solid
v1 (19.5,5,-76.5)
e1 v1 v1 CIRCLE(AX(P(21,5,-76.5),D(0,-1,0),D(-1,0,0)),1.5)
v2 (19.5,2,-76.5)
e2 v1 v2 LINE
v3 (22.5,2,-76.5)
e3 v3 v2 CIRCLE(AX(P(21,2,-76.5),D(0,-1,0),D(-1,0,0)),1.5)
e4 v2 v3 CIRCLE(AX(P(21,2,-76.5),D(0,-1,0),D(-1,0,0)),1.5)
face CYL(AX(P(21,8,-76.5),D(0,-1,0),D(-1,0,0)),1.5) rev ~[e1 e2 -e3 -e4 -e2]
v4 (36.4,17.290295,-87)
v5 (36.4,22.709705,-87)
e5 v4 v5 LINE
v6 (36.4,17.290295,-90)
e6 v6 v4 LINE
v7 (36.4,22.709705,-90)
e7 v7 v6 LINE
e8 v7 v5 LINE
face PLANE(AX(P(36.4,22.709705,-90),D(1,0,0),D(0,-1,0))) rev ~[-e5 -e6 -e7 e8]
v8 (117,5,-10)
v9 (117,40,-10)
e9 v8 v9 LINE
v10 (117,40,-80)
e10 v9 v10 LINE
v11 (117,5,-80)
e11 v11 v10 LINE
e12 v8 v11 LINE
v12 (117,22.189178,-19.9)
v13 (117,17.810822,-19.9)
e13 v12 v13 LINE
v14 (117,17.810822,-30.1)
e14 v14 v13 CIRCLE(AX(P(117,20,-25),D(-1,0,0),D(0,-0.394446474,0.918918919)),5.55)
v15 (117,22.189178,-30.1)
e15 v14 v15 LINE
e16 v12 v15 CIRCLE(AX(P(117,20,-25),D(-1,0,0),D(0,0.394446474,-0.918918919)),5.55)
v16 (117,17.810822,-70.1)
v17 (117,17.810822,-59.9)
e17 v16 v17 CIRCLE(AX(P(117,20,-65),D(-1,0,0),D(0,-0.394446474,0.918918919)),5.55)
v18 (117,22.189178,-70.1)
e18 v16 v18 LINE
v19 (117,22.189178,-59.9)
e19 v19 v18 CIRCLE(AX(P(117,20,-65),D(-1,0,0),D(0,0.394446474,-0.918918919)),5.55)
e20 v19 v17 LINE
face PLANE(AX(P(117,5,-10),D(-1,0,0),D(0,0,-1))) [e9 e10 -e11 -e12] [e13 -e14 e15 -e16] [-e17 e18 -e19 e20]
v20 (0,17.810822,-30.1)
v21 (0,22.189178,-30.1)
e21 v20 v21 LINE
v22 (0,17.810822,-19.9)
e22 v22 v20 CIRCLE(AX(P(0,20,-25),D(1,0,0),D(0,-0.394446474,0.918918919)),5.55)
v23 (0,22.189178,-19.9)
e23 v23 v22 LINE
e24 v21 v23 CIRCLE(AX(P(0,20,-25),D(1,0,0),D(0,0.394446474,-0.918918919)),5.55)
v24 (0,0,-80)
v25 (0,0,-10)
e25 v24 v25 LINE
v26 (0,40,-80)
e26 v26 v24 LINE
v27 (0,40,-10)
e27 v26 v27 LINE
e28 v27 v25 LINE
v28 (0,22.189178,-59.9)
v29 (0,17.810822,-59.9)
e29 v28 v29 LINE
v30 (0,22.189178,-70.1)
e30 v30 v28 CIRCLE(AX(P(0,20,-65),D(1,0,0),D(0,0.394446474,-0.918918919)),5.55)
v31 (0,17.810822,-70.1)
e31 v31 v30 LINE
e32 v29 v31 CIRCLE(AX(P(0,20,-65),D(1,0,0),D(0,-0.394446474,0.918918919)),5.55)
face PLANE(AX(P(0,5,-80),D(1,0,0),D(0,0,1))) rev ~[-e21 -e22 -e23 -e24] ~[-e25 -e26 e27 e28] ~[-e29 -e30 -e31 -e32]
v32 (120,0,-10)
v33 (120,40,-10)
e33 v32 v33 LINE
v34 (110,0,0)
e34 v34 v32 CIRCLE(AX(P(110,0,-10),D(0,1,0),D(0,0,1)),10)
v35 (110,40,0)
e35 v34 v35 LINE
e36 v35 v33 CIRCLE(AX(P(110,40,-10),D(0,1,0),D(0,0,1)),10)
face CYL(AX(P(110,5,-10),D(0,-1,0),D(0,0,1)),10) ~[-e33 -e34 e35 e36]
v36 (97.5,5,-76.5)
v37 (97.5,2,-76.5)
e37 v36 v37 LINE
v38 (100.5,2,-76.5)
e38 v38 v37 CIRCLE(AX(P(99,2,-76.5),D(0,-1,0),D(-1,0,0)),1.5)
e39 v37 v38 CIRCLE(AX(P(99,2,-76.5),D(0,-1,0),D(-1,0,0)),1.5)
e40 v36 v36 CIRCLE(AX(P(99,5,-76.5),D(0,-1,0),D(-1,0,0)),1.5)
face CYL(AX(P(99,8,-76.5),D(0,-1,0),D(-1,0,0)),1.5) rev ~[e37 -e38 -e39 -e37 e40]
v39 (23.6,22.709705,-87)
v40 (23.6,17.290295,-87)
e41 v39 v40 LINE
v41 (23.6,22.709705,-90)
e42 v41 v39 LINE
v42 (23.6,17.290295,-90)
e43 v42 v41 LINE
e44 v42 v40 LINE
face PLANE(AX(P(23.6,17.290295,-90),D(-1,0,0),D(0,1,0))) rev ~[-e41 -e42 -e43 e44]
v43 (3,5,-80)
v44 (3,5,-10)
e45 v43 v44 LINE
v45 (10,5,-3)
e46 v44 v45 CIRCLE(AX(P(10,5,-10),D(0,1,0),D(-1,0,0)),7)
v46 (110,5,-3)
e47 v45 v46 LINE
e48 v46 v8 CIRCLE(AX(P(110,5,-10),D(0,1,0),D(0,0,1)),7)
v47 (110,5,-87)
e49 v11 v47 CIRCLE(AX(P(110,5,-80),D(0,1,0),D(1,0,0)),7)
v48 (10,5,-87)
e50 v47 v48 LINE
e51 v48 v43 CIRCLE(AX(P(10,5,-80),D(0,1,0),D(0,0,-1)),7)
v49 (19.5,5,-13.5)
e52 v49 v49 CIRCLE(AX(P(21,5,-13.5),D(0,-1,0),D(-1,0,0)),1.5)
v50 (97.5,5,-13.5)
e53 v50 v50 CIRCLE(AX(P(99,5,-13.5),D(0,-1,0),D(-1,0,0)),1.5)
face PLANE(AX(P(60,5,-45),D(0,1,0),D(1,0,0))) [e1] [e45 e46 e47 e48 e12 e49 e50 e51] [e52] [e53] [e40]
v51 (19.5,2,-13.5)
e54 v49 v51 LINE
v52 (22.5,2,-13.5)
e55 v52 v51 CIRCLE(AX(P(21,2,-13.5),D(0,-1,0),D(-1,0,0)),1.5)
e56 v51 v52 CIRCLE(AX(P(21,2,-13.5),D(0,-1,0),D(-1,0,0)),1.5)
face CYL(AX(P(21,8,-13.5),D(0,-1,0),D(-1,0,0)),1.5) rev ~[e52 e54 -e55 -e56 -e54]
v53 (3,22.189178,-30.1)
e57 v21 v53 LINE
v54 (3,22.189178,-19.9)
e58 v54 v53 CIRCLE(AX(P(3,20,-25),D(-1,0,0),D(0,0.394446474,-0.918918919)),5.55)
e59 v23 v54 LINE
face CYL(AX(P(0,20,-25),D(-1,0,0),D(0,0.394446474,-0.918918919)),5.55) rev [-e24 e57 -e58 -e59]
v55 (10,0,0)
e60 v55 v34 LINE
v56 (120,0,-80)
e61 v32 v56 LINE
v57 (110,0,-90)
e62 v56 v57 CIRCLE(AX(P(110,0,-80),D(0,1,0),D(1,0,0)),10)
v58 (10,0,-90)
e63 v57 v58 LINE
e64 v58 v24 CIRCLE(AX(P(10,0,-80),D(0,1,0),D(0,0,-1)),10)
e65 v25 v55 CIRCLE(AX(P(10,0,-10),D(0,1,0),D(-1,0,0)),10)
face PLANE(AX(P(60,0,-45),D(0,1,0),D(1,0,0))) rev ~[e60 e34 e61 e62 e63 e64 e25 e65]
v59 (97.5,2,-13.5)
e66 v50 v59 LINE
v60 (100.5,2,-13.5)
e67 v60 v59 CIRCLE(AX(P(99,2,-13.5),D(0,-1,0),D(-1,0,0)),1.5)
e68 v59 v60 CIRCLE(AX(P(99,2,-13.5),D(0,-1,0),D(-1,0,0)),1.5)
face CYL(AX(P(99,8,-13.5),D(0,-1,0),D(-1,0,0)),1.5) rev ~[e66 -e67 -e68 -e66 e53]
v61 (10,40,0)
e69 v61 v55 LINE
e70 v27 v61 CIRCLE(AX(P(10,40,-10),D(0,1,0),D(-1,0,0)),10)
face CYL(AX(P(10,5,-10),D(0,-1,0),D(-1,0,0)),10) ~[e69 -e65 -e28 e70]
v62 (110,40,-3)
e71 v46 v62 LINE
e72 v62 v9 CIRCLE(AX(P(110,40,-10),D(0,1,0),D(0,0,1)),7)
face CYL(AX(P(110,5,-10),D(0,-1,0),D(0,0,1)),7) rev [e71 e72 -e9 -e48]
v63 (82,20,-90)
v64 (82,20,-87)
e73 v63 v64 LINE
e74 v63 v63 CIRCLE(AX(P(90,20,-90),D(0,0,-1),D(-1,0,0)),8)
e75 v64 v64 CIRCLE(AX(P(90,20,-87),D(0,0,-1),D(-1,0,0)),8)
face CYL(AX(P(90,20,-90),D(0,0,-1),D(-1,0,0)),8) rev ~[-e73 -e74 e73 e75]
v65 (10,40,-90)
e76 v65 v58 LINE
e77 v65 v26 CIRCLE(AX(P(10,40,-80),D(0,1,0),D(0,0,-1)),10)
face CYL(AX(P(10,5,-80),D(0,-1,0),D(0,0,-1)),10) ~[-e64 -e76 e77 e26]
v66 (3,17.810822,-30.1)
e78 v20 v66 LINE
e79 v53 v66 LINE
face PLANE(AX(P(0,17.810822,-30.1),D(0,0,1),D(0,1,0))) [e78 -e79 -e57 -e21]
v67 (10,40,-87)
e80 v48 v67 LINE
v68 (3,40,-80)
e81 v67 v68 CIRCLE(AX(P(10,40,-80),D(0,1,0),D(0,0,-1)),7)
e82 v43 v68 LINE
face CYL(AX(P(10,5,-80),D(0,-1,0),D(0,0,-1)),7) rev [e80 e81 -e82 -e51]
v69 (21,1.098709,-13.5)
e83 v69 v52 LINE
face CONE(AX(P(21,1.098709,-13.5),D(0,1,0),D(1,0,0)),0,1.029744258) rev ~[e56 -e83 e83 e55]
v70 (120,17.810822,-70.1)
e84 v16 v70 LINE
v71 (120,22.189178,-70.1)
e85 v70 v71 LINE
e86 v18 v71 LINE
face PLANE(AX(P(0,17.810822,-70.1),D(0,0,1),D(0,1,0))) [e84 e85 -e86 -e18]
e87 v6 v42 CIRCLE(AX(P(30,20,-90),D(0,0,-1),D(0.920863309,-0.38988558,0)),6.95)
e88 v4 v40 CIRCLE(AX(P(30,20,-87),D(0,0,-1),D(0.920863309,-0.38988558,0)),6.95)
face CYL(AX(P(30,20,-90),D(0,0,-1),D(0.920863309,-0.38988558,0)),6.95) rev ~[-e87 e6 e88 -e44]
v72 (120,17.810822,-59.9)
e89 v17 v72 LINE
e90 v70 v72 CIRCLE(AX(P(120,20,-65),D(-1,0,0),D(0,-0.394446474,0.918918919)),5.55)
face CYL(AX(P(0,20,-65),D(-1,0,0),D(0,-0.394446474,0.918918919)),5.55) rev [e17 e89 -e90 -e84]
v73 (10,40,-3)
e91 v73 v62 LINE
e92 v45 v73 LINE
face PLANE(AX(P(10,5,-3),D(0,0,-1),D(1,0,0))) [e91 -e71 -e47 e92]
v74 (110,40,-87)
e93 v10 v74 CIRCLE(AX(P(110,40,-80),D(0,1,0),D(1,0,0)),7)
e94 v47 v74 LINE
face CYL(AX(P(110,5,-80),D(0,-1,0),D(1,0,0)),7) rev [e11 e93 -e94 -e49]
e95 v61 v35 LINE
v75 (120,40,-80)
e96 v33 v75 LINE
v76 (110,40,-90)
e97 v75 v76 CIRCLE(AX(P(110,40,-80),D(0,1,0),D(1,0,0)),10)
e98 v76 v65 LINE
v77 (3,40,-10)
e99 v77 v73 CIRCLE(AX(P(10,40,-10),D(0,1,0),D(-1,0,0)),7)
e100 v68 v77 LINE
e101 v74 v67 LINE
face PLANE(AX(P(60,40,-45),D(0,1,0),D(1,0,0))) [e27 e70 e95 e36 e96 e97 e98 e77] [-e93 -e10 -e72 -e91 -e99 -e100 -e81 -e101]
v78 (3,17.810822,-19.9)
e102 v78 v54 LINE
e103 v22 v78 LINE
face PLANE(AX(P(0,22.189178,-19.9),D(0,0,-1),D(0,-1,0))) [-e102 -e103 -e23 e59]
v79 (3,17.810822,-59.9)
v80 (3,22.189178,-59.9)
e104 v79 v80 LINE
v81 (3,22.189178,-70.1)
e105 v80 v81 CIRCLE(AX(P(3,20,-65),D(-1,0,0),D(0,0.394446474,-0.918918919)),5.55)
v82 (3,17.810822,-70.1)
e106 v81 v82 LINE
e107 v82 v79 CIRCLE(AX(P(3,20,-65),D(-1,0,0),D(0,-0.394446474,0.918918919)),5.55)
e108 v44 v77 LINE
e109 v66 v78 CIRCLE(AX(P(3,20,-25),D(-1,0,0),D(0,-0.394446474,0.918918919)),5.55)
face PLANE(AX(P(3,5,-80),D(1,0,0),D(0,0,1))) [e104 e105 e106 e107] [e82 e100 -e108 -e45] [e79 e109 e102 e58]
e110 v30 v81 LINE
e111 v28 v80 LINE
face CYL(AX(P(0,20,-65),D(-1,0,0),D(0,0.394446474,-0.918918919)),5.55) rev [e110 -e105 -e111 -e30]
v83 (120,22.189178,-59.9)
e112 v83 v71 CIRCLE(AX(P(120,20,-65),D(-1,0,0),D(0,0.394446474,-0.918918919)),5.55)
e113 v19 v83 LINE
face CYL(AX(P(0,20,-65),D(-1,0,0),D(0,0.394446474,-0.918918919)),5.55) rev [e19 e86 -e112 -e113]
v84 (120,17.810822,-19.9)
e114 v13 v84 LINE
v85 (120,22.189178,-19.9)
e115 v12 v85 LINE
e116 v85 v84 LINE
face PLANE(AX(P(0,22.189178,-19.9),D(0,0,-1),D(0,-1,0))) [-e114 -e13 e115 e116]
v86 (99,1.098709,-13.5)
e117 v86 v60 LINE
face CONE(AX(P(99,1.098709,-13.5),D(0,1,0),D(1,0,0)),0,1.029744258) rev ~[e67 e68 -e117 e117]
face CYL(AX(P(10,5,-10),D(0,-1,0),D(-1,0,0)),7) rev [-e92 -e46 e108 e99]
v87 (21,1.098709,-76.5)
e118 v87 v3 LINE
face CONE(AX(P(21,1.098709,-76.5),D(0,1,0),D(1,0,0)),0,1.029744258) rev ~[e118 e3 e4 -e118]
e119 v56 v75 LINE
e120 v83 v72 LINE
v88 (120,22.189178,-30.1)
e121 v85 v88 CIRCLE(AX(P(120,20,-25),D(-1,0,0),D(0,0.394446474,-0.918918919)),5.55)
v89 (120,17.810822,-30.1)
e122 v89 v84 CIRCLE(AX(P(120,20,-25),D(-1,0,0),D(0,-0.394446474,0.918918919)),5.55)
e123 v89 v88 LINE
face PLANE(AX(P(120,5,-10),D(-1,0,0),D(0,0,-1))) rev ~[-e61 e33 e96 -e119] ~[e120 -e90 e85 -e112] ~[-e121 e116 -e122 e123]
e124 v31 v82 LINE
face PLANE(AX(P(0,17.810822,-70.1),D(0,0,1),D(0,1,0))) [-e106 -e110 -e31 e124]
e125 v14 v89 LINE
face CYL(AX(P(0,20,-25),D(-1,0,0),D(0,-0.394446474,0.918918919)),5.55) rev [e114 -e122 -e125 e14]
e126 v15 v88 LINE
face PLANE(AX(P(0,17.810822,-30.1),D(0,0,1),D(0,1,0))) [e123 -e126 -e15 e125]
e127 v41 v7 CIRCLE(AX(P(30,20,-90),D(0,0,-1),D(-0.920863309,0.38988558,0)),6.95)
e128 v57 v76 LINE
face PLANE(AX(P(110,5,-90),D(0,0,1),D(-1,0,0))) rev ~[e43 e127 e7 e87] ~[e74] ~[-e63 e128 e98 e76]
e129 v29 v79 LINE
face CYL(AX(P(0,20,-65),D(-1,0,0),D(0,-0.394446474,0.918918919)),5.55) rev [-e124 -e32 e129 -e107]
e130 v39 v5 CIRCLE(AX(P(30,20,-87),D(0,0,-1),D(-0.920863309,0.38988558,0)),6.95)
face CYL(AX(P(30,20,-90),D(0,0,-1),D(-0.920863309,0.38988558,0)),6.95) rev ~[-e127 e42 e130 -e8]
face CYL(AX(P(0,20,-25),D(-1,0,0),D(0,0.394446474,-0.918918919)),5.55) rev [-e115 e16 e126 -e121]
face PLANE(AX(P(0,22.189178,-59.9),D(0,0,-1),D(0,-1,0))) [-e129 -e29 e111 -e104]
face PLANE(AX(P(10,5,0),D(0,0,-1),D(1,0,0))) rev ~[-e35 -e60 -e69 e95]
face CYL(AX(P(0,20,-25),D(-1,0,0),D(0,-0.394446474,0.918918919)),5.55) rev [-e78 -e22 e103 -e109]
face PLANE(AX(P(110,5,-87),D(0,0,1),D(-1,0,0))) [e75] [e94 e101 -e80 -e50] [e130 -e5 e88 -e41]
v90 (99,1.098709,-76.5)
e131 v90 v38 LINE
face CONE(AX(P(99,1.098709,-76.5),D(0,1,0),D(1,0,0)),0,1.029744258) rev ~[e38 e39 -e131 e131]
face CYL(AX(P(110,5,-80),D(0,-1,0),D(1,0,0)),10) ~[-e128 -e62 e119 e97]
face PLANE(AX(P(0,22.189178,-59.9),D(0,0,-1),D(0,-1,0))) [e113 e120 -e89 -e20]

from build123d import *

# Parameters (mm, degrees)
BOSS_EXTRUDE1_DEPTH          = 5
F_3_0_3_DIAMETER_HOLE1_D     = 3
F_3_0_3_DIAMETER_HOLE1_DEPTH = 3
F_3_0_3_DIAMETER_HOLE1_TIP   = 0.901290929
BOSS_EXTRUDE2_DEPTH          = 35
CUT_EXTRUDE1_DEPTH           = 149
CUT_EXTRUDE2_DEPTH           = 35
SKETCH10_R                   = 8
CUT_EXTRUDE3_DEPTH           = 35


with BuildPart() as part:
    # Sketch1 → Boss-Extrude1 (new body)
    with BuildSketch(Plane(origin=(0, 0, 0), x_dir=(1, 0, 0), z_dir=(0, 1, 0))):
        with BuildLine():
            Line((10, 0), (110, 0))
            ThreePointArc((110, 0), (117.071067812, 2.928932188), (120, 10))
            Line((120, 10), (120, 80))
            ThreePointArc((120, 80), (117.071067812, 87.071067812), (110, 90))
            Line((110, 90), (10, 90))
            ThreePointArc((10, 90), (2.928932188, 87.071067812), (0, 80))
            Line((0, 80), (0, 10))
            ThreePointArc((0, 10), (2.928932188, 2.928932188), (10, 0))
        make_face()
    extrude(amount=BOSS_EXTRUDE1_DEPTH)

    # Ø3.0 (3) Diameter Hole1
    with Locations(Plane(origin=(0, 5, 0), x_dir=(1, 0, 0), z_dir=(0, 1, 0))):
        with Locations((99, 76.5), (21, 76.5), (21, 13.5), (99, 13.5)):
            Hole(F_3_0_3_DIAMETER_HOLE1_D / 2, depth=F_3_0_3_DIAMETER_HOLE1_DEPTH)
            with Locations((0, 0, -(F_3_0_3_DIAMETER_HOLE1_DEPTH + F_3_0_3_DIAMETER_HOLE1_TIP / 2))):  # 118° drill point
                Cone(0, F_3_0_3_DIAMETER_HOLE1_D / 2, F_3_0_3_DIAMETER_HOLE1_TIP, mode=Mode.SUBTRACT)

    # Sketch7 → Boss-Extrude2 (add)
    with BuildSketch(Plane(origin=(0, 5, 0), x_dir=(1, 0, 0), z_dir=(0, 1, 0))):
        with BuildLine():
            Line((10, 0), (110, 0))
            ThreePointArc((110, 0), (117.071067812, 2.928932188), (120, 10))
            Line((120, 10), (120, 80))
            ThreePointArc((120, 80), (117.071067812, 87.071067812), (110, 90))
            Line((110, 90), (10, 90))
            ThreePointArc((10, 90), (2.928932188, 87.071067812), (0, 80))
            Line((0, 80), (0, 10))
            ThreePointArc((0, 10), (2.928932188, 2.928932188), (10, 0))
        make_face()
        with BuildLine():
            Line((3, 80), (3, 10))
            ThreePointArc((3, 10), (5.050252532, 5.050252532), (10, 3))
            Line((10, 3), (110, 3))
            ThreePointArc((110, 3), (114.949747468, 5.050252532), (117, 10))
            Line((117, 10), (117, 80))
            ThreePointArc((117, 80), (114.949747468, 84.949747468), (110, 87))
            Line((110, 87), (10, 87))
            ThreePointArc((10, 87), (5.050252532, 84.949747468), (3, 80))
        make_face(mode=Mode.SUBTRACT)
    extrude(amount=BOSS_EXTRUDE2_DEPTH)

    # Sketch8 → Cut-Extrude1 (cut)
    with BuildSketch(Plane.ZY):
        with BuildLine():
            Line((-59.9, 22.189177928), (-59.9, 17.810822072))
            ThreePointArc((-59.9, 17.810822072), (-65, 14.45), (-70.1, 17.810822072))
            Line((-70.1, 17.810822072), (-70.1, 22.189177928))
            ThreePointArc((-70.1, 22.189177928), (-65, 25.55), (-59.9, 22.189177928))
        make_face()
        with BuildLine():
            Line((-19.9, 22.189177928), (-19.9, 17.810822072))
            ThreePointArc((-19.9, 17.810822072), (-25, 14.45), (-30.1, 17.810822072))
            Line((-30.1, 17.810822072), (-30.1, 22.189177928))
            ThreePointArc((-30.1, 22.189177928), (-25, 25.55), (-19.9, 22.189177928))
        make_face()
    extrude(amount=-CUT_EXTRUDE1_DEPTH, mode=Mode.SUBTRACT)

    # Sketch9 → Cut-Extrude2 (cut)
    with BuildSketch(Plane(origin=(0, 0, -90), x_dir=(-1, 0, 0), z_dir=(0, 0, -1))):
        with BuildLine():
            Line((-36.4, 22.709704781), (-36.4, 17.290295219))
            ThreePointArc((-36.4, 17.290295219), (-30, 13.05), (-23.6, 17.290295219))
            Line((-23.6, 17.290295219), (-23.6, 22.709704781))
            ThreePointArc((-23.6, 22.709704781), (-30, 26.95), (-36.4, 22.709704781))
        make_face()
    extrude(amount=-CUT_EXTRUDE2_DEPTH, mode=Mode.SUBTRACT)

    # Sketch10 → Cut-Extrude3 (cut)
    with BuildSketch(Plane(origin=(0, 0, -90), x_dir=(-1, 0, 0), z_dir=(0, 0, -1))):
        with Locations((-90, 20)):
            Circle(SKETCH10_R)
    extrude(amount=-CUT_EXTRUDE3_DEPTH, mode=Mode.SUBTRACT)


solid = part.part
